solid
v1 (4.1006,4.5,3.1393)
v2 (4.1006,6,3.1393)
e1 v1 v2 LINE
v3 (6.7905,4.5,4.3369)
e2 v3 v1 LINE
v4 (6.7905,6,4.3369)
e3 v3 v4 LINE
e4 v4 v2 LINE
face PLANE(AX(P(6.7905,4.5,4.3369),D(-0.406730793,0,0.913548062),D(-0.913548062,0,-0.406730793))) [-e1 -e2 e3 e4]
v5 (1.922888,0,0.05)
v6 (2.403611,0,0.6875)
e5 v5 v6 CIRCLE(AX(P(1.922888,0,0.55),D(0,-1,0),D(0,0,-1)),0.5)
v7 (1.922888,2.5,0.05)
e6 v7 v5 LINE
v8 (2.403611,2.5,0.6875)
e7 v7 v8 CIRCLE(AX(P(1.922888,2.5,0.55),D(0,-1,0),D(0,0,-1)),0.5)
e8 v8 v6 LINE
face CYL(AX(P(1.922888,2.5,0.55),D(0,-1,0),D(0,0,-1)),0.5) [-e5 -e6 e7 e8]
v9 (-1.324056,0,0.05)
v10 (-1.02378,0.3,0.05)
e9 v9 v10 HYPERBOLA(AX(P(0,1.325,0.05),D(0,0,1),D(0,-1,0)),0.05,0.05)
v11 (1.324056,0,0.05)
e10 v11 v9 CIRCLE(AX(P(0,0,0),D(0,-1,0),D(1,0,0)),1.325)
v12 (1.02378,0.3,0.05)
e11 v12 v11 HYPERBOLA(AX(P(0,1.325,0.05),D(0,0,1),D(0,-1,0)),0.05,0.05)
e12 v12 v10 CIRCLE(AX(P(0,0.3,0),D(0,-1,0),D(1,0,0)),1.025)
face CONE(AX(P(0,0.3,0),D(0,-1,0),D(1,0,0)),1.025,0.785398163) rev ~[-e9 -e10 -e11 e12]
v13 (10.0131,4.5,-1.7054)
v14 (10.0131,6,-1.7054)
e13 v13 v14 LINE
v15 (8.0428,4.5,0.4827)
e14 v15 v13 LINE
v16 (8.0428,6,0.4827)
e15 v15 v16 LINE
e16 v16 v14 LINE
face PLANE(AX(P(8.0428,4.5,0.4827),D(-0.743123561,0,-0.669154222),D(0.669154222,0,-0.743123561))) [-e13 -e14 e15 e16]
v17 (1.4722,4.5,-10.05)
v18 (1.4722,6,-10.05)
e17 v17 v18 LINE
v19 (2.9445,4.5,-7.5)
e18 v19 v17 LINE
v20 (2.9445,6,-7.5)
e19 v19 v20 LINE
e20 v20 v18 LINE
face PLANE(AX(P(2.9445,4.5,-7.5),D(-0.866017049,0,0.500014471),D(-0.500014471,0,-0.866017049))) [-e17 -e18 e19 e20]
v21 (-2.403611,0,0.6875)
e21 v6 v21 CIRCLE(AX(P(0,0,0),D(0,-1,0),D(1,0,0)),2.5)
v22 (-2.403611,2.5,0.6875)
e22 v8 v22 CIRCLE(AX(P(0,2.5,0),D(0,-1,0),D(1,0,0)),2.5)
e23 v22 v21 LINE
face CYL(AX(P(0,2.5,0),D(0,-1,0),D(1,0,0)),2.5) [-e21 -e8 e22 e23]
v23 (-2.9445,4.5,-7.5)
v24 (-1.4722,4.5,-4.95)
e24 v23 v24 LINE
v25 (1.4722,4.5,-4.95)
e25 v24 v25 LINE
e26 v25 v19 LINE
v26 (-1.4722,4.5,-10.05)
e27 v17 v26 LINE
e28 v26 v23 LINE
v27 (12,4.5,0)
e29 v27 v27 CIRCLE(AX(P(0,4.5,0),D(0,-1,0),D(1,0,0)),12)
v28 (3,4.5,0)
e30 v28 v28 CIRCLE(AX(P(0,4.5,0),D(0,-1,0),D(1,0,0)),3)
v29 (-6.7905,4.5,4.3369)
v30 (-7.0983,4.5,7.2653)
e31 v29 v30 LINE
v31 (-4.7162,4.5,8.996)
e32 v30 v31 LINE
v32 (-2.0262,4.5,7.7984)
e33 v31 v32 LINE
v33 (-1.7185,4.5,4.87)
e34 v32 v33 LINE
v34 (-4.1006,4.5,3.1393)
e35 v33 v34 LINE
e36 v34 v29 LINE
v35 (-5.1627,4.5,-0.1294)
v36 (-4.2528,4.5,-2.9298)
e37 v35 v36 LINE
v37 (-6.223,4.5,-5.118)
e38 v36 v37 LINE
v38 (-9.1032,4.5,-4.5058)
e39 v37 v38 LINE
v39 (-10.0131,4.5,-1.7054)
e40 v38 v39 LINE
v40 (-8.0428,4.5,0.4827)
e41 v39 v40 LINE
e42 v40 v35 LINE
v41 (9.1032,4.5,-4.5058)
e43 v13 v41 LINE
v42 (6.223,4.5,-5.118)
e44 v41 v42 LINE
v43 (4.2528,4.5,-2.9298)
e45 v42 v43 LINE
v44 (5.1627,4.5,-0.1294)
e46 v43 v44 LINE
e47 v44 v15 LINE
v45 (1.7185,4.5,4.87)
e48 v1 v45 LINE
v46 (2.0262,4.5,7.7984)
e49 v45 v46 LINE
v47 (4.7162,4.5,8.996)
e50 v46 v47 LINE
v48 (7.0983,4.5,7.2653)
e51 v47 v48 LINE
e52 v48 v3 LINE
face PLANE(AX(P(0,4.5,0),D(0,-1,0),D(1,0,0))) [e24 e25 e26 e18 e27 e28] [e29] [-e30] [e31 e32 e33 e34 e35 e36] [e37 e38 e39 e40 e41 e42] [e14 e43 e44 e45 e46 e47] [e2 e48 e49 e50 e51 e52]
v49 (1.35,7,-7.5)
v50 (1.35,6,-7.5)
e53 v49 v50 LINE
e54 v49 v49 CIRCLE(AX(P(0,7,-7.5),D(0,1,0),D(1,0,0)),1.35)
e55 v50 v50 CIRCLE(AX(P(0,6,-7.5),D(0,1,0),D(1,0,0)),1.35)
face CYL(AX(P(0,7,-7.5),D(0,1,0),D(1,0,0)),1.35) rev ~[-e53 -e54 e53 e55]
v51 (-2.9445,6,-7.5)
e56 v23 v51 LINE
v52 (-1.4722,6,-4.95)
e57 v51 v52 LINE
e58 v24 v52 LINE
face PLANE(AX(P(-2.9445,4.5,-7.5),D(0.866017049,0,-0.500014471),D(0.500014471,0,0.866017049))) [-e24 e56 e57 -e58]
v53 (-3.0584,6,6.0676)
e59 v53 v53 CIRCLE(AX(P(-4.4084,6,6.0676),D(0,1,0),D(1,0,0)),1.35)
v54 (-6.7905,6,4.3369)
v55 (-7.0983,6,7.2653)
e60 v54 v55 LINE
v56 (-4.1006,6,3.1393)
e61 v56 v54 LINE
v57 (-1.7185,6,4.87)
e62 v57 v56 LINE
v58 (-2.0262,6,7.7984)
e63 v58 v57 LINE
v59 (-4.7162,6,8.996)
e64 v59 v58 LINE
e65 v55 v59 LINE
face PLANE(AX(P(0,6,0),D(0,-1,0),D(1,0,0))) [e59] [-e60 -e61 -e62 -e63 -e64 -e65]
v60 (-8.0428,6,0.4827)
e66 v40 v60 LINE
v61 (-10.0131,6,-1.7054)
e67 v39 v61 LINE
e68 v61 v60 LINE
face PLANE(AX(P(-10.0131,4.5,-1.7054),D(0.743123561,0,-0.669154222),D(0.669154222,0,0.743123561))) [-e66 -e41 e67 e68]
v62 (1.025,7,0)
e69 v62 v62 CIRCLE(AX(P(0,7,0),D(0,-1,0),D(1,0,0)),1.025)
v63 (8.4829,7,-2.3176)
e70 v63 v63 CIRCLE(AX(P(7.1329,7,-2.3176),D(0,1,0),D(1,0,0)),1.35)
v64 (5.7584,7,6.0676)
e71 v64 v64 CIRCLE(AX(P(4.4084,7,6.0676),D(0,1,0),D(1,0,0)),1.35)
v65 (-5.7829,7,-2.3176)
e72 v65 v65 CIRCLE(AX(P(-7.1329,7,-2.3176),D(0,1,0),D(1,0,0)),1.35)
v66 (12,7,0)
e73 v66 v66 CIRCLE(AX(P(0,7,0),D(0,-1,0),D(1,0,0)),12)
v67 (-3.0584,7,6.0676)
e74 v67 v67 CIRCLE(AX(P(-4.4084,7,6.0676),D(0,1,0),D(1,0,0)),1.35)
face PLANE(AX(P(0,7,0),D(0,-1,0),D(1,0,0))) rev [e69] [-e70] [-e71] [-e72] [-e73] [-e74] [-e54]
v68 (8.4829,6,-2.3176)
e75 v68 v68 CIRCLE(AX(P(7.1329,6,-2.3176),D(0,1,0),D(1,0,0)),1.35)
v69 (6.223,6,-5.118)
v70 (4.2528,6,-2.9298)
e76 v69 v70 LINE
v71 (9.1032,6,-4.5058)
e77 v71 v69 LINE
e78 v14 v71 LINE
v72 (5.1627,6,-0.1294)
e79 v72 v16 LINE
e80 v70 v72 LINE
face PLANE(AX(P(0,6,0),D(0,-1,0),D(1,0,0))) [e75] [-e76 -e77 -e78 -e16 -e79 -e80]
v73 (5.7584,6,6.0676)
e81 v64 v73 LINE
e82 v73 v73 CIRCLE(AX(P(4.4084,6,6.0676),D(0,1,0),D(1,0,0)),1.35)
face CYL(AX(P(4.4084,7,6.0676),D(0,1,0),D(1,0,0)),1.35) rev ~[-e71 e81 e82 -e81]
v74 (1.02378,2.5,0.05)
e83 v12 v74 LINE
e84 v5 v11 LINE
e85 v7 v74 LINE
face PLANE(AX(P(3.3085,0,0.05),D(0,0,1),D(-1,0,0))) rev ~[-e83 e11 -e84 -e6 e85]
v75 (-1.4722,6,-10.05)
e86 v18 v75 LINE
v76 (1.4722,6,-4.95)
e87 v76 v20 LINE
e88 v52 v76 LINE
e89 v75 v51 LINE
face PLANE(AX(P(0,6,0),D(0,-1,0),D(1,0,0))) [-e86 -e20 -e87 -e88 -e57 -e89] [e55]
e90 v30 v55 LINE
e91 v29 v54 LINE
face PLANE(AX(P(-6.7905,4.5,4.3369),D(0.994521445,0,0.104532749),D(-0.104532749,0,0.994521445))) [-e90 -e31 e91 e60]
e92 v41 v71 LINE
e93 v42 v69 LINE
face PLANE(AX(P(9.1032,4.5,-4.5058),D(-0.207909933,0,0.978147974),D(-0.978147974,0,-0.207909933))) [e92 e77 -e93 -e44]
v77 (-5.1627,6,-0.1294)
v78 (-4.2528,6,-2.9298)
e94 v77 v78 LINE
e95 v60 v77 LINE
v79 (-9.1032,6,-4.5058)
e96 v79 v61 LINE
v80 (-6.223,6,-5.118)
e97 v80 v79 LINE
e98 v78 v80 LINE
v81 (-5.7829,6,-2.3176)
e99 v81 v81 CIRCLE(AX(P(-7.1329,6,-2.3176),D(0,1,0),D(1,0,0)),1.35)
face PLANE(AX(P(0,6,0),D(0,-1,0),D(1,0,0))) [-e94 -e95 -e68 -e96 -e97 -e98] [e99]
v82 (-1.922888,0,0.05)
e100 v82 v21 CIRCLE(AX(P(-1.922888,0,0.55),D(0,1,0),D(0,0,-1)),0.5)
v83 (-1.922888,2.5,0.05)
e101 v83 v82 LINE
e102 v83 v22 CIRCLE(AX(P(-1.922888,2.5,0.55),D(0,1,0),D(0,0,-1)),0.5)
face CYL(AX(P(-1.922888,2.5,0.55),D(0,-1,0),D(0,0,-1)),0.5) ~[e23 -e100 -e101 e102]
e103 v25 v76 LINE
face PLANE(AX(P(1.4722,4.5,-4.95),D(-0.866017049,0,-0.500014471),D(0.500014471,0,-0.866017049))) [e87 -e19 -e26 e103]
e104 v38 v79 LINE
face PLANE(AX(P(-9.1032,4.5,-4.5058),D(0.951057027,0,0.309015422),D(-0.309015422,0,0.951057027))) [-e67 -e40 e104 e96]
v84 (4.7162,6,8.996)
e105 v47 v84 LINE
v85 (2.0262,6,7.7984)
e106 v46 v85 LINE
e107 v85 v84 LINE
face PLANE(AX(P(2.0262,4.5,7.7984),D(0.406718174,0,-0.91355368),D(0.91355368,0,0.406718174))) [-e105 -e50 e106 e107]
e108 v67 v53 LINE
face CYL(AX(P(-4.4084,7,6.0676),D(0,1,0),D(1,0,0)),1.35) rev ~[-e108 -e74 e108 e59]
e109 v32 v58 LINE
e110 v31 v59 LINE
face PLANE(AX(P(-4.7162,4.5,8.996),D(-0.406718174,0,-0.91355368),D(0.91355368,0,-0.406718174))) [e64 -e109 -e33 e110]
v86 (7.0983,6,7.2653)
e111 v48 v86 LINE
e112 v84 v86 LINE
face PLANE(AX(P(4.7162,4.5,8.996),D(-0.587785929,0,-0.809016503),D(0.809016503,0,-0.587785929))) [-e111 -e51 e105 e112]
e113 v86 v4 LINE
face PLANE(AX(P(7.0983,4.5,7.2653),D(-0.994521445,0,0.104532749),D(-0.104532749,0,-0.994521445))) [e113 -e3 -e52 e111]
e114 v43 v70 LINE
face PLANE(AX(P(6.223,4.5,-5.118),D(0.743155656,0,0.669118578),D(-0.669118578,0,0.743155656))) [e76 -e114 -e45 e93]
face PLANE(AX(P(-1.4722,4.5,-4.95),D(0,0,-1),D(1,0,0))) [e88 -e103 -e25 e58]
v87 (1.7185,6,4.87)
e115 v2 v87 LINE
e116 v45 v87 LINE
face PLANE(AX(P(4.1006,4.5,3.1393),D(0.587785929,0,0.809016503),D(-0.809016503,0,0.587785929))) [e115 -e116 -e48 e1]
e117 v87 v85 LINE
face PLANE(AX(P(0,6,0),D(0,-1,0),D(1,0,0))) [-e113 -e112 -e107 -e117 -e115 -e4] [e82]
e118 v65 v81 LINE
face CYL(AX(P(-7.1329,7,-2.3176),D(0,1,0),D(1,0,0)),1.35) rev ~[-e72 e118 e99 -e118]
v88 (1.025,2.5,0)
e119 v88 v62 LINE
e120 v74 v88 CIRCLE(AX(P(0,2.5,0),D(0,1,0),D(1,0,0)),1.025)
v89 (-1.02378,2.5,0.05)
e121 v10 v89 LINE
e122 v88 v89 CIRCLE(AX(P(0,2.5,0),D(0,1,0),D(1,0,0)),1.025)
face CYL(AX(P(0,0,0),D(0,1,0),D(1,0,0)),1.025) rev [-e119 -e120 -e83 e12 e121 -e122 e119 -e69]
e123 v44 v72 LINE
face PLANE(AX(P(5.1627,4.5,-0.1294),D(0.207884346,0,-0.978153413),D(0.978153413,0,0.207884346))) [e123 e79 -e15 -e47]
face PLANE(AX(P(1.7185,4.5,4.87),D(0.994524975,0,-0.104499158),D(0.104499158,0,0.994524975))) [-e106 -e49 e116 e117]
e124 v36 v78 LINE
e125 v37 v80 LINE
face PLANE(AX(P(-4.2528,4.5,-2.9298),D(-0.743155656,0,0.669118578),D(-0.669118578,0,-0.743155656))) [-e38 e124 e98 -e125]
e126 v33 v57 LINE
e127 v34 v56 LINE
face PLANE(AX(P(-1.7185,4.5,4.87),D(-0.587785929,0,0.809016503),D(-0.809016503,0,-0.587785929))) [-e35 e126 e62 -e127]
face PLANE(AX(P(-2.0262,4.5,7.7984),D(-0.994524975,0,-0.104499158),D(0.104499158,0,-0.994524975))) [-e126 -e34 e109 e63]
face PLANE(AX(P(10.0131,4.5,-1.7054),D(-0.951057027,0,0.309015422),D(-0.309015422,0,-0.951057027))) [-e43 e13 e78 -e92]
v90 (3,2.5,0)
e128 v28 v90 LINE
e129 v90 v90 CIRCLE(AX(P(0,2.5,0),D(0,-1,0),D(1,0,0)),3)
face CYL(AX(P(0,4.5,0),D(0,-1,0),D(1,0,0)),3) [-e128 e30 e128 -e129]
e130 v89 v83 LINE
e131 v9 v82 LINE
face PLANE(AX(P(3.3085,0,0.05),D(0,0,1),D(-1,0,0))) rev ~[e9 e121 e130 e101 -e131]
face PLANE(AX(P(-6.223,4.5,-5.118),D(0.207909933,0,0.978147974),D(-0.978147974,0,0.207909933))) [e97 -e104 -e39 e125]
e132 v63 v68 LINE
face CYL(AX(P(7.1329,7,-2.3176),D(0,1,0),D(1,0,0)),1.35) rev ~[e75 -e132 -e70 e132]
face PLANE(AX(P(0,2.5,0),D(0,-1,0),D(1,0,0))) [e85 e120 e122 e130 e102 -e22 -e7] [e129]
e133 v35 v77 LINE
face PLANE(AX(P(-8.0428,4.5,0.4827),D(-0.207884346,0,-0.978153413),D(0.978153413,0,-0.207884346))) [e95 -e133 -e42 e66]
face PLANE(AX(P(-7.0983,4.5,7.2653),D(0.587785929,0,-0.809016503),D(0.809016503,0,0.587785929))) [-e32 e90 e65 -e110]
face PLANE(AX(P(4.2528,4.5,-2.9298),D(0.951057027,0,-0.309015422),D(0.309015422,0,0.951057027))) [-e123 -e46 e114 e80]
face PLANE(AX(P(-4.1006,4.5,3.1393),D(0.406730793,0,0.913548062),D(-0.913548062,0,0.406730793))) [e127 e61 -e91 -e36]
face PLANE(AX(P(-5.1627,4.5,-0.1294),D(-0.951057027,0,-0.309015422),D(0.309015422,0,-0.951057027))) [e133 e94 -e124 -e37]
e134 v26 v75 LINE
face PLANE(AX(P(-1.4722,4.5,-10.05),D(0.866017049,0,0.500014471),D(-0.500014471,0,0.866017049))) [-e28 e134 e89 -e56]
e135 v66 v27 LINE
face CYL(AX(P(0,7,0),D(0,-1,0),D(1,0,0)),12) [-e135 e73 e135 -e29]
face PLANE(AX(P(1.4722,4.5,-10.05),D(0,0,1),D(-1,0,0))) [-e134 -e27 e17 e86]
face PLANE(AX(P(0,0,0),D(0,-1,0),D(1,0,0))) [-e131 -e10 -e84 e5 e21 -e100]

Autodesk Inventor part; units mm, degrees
ref_plane "YZ Plane" through (0, 0, 0) normal (1, 0, 0) x (0, 1, 0)
ref_plane "XZ Plane" through (0, 0, 0) normal (0, 1, 0) x (-1, 0, 0)
ref_plane "XY Plane" through (0, 0, 0) normal (0, 0, 1) x (1, 0, 0)
sketch "Sketch1" plane through (0, 0, 0) normal (0, 0, 1) x (1, 0, 0)
  line L0 (0, 7) -> (0, 0) construction
  line L1 (0, 0) -> (1.025, 0) construction
  line L2 (1.025, 0) -> (1.025, 7)
  line L3 (1.025, 7) -> (0, 7) construction
  line L4 (1.025, 7) -> (12, 7)
  line L5 (3, 2.5) -> (2.5, 2.5)
  line L6 (2.5, 2.5) -> (2.5, 0)
  line L7 (2.5, 0) -> (1.025, 0)
  line L8 (12, 7) -> (12, 4.5)
  line L9 (12, 4.5) -> (3, 4.5)
  line L10 (3, 4.5) -> (3, 2.5)
  dimension "d0" = 2.5
  dimension "d1" = 1.025
  dimension "d3" = 0.5
  dimension "d4" = 2.5
  dimension "d9" = 2
  dimension "d10" = 12
  dimension "d11" = 2.5
revolve "Revolution1" add sketch "Sketch1" angle 360 about axis through (0, 7, 0) along (0, -1, 0)
sketch "Sketch2" plane through (0, 7, 0) normal (0, 1, 0) x (1, 0, 0)
  line L0 (0, 0) -> (0, 7.5) construction
  circle A0 centre (0, 7.5) radius 1.35
  line L1 (0, 0) -> (-7.1329, 2.3176) construction
  circle A1 centre (-7.1329, 2.3176) radius 1.35
  line L2 (0, 0) -> (-4.4084, -6.0676) construction
  circle A2 centre (-4.4084, -6.0676) radius 1.35
  line L3 (0, 0) -> (4.4084, -6.0676) construction
  circle A3 centre (4.4084, -6.0676) radius 1.35
  line L4 (0, 0) -> (7.1329, 2.3176) construction
  circle A4 centre (7.1329, 2.3176) radius 1.35
  dimension "d12" = 7.5
  dimension "d13" = 2.7
  dimension "d16" = 360
extrude "Extrusion1" cut sketch "Sketch2" against normal blind 10
sketch "Sketch3" plane through (0, 4.5, 0) normal (0, -1, 0) x (1, 0, 0)
  circle A0 centre (0, -7.5) radius 1.35 construction
  line L0 (-2.9445, -7.5) -> (-1.4722, -4.95)
  line L1 (-1.4722, -4.95) -> (1.4722, -4.95)
  line L2 (1.4722, -4.95) -> (2.9445, -7.5)
  line L3 (2.9445, -7.5) -> (1.4722, -10.05)
  line L4 (1.4722, -10.05) -> (-1.4722, -10.05)
  line L5 (-1.4722, -10.05) -> (-2.9445, -7.5)
  line L6 (6.223, -5.118) -> (4.2528, -2.9298)
  line L7 (4.2528, -2.9298) -> (5.1627, -0.1294)
  line L8 (5.1627, -0.1294) -> (8.0428, 0.4827)
  line L9 (8.0428, 0.4827) -> (10.0131, -1.7054)
  line L10 (10.0131, -1.7054) -> (9.1032, -4.5058)
  line L11 (9.1032, -4.5058) -> (6.223, -5.118)
  line L12 (6.7905, 4.3369) -> (4.1006, 3.1393)
  line L13 (4.1006, 3.1393) -> (1.7185, 4.87)
  line L14 (1.7185, 4.87) -> (2.0262, 7.7984)
  line L15 (2.0262, 7.7984) -> (4.7162, 8.996)
  line L16 (4.7162, 8.996) -> (7.0983, 7.2653)
  line L17 (7.0983, 7.2653) -> (6.7905, 4.3369)
  line L18 (-2.0262, 7.7984) -> (-1.7185, 4.87)
  line L19 (-1.7185, 4.87) -> (-4.1006, 3.1393)
  line L20 (-4.1006, 3.1393) -> (-6.7905, 4.3369)
  line L21 (-6.7905, 4.3369) -> (-7.0983, 7.2653)
  line L22 (-7.0983, 7.2653) -> (-4.7162, 8.996)
  line L23 (-4.7162, 8.996) -> (-2.0262, 7.7984)
  line L24 (-8.0428, 0.4827) -> (-5.1627, -0.1294)
  line L25 (-5.1627, -0.1294) -> (-4.2528, -2.9298)
  line L26 (-4.2528, -2.9298) -> (-6.223, -5.118)
  line L27 (-6.223, -5.118) -> (-9.1032, -4.5058)
  line L28 (-9.1032, -4.5058) -> (-10.0131, -1.7054)
  line L29 (-10.0131, -1.7054) -> (-8.0428, 0.4827)
  point P0 (0, 0)
  point P1 (0, -7.5)
  point P2 (7.1329, -2.3176)
  point P3 (7.1329, -2.3176)
  point P4 (4.4084, 6.0676)
  point P5 (4.4084, 6.0676)
  point P6 (-4.4084, 6.0676)
  point P7 (-4.4084, 6.0676)
  point P8 (-7.1329, -2.3176)
  point P9 (-7.1329, -2.3176)
  dimension "d20" = 5.1
  dimension "d23" = 360
extrude "Extrusion2" cut sketch "Sketch3" against normal blind 1.5
chamfer "Chamfer2" distance 0.3 angle 45 1 edges at (-1.025, 0, 0)
sketch "Sketch4" plane through (0, 0, 0) normal (0, -1, 0) x (1, 0, 0)
  line L0 (-3.3003, 0.05) -> (-3.3003, -4.3195)
  line L1 (-3.3003, -4.3195) -> (3.3085, -4.3195)
  line L2 (3.3085, -4.3195) -> (3.3085, 0.05)
  line L3 (3.3085, 0.05) -> (-3.3003, 0.05)
  point P0 (0, 0)
  point P1 (0, 0)
  dimension "d32" = 0.05
extrude "Extrusion3" cut sketch "Sketch4" against normal up to surface (2.5 mm away)
fillet "Fillet1" radius 0.5 2 edges at (2.4995, 1.25, 0.05) (-2.4995, 1.25, 0.05)
properties part number "Flywheel"
